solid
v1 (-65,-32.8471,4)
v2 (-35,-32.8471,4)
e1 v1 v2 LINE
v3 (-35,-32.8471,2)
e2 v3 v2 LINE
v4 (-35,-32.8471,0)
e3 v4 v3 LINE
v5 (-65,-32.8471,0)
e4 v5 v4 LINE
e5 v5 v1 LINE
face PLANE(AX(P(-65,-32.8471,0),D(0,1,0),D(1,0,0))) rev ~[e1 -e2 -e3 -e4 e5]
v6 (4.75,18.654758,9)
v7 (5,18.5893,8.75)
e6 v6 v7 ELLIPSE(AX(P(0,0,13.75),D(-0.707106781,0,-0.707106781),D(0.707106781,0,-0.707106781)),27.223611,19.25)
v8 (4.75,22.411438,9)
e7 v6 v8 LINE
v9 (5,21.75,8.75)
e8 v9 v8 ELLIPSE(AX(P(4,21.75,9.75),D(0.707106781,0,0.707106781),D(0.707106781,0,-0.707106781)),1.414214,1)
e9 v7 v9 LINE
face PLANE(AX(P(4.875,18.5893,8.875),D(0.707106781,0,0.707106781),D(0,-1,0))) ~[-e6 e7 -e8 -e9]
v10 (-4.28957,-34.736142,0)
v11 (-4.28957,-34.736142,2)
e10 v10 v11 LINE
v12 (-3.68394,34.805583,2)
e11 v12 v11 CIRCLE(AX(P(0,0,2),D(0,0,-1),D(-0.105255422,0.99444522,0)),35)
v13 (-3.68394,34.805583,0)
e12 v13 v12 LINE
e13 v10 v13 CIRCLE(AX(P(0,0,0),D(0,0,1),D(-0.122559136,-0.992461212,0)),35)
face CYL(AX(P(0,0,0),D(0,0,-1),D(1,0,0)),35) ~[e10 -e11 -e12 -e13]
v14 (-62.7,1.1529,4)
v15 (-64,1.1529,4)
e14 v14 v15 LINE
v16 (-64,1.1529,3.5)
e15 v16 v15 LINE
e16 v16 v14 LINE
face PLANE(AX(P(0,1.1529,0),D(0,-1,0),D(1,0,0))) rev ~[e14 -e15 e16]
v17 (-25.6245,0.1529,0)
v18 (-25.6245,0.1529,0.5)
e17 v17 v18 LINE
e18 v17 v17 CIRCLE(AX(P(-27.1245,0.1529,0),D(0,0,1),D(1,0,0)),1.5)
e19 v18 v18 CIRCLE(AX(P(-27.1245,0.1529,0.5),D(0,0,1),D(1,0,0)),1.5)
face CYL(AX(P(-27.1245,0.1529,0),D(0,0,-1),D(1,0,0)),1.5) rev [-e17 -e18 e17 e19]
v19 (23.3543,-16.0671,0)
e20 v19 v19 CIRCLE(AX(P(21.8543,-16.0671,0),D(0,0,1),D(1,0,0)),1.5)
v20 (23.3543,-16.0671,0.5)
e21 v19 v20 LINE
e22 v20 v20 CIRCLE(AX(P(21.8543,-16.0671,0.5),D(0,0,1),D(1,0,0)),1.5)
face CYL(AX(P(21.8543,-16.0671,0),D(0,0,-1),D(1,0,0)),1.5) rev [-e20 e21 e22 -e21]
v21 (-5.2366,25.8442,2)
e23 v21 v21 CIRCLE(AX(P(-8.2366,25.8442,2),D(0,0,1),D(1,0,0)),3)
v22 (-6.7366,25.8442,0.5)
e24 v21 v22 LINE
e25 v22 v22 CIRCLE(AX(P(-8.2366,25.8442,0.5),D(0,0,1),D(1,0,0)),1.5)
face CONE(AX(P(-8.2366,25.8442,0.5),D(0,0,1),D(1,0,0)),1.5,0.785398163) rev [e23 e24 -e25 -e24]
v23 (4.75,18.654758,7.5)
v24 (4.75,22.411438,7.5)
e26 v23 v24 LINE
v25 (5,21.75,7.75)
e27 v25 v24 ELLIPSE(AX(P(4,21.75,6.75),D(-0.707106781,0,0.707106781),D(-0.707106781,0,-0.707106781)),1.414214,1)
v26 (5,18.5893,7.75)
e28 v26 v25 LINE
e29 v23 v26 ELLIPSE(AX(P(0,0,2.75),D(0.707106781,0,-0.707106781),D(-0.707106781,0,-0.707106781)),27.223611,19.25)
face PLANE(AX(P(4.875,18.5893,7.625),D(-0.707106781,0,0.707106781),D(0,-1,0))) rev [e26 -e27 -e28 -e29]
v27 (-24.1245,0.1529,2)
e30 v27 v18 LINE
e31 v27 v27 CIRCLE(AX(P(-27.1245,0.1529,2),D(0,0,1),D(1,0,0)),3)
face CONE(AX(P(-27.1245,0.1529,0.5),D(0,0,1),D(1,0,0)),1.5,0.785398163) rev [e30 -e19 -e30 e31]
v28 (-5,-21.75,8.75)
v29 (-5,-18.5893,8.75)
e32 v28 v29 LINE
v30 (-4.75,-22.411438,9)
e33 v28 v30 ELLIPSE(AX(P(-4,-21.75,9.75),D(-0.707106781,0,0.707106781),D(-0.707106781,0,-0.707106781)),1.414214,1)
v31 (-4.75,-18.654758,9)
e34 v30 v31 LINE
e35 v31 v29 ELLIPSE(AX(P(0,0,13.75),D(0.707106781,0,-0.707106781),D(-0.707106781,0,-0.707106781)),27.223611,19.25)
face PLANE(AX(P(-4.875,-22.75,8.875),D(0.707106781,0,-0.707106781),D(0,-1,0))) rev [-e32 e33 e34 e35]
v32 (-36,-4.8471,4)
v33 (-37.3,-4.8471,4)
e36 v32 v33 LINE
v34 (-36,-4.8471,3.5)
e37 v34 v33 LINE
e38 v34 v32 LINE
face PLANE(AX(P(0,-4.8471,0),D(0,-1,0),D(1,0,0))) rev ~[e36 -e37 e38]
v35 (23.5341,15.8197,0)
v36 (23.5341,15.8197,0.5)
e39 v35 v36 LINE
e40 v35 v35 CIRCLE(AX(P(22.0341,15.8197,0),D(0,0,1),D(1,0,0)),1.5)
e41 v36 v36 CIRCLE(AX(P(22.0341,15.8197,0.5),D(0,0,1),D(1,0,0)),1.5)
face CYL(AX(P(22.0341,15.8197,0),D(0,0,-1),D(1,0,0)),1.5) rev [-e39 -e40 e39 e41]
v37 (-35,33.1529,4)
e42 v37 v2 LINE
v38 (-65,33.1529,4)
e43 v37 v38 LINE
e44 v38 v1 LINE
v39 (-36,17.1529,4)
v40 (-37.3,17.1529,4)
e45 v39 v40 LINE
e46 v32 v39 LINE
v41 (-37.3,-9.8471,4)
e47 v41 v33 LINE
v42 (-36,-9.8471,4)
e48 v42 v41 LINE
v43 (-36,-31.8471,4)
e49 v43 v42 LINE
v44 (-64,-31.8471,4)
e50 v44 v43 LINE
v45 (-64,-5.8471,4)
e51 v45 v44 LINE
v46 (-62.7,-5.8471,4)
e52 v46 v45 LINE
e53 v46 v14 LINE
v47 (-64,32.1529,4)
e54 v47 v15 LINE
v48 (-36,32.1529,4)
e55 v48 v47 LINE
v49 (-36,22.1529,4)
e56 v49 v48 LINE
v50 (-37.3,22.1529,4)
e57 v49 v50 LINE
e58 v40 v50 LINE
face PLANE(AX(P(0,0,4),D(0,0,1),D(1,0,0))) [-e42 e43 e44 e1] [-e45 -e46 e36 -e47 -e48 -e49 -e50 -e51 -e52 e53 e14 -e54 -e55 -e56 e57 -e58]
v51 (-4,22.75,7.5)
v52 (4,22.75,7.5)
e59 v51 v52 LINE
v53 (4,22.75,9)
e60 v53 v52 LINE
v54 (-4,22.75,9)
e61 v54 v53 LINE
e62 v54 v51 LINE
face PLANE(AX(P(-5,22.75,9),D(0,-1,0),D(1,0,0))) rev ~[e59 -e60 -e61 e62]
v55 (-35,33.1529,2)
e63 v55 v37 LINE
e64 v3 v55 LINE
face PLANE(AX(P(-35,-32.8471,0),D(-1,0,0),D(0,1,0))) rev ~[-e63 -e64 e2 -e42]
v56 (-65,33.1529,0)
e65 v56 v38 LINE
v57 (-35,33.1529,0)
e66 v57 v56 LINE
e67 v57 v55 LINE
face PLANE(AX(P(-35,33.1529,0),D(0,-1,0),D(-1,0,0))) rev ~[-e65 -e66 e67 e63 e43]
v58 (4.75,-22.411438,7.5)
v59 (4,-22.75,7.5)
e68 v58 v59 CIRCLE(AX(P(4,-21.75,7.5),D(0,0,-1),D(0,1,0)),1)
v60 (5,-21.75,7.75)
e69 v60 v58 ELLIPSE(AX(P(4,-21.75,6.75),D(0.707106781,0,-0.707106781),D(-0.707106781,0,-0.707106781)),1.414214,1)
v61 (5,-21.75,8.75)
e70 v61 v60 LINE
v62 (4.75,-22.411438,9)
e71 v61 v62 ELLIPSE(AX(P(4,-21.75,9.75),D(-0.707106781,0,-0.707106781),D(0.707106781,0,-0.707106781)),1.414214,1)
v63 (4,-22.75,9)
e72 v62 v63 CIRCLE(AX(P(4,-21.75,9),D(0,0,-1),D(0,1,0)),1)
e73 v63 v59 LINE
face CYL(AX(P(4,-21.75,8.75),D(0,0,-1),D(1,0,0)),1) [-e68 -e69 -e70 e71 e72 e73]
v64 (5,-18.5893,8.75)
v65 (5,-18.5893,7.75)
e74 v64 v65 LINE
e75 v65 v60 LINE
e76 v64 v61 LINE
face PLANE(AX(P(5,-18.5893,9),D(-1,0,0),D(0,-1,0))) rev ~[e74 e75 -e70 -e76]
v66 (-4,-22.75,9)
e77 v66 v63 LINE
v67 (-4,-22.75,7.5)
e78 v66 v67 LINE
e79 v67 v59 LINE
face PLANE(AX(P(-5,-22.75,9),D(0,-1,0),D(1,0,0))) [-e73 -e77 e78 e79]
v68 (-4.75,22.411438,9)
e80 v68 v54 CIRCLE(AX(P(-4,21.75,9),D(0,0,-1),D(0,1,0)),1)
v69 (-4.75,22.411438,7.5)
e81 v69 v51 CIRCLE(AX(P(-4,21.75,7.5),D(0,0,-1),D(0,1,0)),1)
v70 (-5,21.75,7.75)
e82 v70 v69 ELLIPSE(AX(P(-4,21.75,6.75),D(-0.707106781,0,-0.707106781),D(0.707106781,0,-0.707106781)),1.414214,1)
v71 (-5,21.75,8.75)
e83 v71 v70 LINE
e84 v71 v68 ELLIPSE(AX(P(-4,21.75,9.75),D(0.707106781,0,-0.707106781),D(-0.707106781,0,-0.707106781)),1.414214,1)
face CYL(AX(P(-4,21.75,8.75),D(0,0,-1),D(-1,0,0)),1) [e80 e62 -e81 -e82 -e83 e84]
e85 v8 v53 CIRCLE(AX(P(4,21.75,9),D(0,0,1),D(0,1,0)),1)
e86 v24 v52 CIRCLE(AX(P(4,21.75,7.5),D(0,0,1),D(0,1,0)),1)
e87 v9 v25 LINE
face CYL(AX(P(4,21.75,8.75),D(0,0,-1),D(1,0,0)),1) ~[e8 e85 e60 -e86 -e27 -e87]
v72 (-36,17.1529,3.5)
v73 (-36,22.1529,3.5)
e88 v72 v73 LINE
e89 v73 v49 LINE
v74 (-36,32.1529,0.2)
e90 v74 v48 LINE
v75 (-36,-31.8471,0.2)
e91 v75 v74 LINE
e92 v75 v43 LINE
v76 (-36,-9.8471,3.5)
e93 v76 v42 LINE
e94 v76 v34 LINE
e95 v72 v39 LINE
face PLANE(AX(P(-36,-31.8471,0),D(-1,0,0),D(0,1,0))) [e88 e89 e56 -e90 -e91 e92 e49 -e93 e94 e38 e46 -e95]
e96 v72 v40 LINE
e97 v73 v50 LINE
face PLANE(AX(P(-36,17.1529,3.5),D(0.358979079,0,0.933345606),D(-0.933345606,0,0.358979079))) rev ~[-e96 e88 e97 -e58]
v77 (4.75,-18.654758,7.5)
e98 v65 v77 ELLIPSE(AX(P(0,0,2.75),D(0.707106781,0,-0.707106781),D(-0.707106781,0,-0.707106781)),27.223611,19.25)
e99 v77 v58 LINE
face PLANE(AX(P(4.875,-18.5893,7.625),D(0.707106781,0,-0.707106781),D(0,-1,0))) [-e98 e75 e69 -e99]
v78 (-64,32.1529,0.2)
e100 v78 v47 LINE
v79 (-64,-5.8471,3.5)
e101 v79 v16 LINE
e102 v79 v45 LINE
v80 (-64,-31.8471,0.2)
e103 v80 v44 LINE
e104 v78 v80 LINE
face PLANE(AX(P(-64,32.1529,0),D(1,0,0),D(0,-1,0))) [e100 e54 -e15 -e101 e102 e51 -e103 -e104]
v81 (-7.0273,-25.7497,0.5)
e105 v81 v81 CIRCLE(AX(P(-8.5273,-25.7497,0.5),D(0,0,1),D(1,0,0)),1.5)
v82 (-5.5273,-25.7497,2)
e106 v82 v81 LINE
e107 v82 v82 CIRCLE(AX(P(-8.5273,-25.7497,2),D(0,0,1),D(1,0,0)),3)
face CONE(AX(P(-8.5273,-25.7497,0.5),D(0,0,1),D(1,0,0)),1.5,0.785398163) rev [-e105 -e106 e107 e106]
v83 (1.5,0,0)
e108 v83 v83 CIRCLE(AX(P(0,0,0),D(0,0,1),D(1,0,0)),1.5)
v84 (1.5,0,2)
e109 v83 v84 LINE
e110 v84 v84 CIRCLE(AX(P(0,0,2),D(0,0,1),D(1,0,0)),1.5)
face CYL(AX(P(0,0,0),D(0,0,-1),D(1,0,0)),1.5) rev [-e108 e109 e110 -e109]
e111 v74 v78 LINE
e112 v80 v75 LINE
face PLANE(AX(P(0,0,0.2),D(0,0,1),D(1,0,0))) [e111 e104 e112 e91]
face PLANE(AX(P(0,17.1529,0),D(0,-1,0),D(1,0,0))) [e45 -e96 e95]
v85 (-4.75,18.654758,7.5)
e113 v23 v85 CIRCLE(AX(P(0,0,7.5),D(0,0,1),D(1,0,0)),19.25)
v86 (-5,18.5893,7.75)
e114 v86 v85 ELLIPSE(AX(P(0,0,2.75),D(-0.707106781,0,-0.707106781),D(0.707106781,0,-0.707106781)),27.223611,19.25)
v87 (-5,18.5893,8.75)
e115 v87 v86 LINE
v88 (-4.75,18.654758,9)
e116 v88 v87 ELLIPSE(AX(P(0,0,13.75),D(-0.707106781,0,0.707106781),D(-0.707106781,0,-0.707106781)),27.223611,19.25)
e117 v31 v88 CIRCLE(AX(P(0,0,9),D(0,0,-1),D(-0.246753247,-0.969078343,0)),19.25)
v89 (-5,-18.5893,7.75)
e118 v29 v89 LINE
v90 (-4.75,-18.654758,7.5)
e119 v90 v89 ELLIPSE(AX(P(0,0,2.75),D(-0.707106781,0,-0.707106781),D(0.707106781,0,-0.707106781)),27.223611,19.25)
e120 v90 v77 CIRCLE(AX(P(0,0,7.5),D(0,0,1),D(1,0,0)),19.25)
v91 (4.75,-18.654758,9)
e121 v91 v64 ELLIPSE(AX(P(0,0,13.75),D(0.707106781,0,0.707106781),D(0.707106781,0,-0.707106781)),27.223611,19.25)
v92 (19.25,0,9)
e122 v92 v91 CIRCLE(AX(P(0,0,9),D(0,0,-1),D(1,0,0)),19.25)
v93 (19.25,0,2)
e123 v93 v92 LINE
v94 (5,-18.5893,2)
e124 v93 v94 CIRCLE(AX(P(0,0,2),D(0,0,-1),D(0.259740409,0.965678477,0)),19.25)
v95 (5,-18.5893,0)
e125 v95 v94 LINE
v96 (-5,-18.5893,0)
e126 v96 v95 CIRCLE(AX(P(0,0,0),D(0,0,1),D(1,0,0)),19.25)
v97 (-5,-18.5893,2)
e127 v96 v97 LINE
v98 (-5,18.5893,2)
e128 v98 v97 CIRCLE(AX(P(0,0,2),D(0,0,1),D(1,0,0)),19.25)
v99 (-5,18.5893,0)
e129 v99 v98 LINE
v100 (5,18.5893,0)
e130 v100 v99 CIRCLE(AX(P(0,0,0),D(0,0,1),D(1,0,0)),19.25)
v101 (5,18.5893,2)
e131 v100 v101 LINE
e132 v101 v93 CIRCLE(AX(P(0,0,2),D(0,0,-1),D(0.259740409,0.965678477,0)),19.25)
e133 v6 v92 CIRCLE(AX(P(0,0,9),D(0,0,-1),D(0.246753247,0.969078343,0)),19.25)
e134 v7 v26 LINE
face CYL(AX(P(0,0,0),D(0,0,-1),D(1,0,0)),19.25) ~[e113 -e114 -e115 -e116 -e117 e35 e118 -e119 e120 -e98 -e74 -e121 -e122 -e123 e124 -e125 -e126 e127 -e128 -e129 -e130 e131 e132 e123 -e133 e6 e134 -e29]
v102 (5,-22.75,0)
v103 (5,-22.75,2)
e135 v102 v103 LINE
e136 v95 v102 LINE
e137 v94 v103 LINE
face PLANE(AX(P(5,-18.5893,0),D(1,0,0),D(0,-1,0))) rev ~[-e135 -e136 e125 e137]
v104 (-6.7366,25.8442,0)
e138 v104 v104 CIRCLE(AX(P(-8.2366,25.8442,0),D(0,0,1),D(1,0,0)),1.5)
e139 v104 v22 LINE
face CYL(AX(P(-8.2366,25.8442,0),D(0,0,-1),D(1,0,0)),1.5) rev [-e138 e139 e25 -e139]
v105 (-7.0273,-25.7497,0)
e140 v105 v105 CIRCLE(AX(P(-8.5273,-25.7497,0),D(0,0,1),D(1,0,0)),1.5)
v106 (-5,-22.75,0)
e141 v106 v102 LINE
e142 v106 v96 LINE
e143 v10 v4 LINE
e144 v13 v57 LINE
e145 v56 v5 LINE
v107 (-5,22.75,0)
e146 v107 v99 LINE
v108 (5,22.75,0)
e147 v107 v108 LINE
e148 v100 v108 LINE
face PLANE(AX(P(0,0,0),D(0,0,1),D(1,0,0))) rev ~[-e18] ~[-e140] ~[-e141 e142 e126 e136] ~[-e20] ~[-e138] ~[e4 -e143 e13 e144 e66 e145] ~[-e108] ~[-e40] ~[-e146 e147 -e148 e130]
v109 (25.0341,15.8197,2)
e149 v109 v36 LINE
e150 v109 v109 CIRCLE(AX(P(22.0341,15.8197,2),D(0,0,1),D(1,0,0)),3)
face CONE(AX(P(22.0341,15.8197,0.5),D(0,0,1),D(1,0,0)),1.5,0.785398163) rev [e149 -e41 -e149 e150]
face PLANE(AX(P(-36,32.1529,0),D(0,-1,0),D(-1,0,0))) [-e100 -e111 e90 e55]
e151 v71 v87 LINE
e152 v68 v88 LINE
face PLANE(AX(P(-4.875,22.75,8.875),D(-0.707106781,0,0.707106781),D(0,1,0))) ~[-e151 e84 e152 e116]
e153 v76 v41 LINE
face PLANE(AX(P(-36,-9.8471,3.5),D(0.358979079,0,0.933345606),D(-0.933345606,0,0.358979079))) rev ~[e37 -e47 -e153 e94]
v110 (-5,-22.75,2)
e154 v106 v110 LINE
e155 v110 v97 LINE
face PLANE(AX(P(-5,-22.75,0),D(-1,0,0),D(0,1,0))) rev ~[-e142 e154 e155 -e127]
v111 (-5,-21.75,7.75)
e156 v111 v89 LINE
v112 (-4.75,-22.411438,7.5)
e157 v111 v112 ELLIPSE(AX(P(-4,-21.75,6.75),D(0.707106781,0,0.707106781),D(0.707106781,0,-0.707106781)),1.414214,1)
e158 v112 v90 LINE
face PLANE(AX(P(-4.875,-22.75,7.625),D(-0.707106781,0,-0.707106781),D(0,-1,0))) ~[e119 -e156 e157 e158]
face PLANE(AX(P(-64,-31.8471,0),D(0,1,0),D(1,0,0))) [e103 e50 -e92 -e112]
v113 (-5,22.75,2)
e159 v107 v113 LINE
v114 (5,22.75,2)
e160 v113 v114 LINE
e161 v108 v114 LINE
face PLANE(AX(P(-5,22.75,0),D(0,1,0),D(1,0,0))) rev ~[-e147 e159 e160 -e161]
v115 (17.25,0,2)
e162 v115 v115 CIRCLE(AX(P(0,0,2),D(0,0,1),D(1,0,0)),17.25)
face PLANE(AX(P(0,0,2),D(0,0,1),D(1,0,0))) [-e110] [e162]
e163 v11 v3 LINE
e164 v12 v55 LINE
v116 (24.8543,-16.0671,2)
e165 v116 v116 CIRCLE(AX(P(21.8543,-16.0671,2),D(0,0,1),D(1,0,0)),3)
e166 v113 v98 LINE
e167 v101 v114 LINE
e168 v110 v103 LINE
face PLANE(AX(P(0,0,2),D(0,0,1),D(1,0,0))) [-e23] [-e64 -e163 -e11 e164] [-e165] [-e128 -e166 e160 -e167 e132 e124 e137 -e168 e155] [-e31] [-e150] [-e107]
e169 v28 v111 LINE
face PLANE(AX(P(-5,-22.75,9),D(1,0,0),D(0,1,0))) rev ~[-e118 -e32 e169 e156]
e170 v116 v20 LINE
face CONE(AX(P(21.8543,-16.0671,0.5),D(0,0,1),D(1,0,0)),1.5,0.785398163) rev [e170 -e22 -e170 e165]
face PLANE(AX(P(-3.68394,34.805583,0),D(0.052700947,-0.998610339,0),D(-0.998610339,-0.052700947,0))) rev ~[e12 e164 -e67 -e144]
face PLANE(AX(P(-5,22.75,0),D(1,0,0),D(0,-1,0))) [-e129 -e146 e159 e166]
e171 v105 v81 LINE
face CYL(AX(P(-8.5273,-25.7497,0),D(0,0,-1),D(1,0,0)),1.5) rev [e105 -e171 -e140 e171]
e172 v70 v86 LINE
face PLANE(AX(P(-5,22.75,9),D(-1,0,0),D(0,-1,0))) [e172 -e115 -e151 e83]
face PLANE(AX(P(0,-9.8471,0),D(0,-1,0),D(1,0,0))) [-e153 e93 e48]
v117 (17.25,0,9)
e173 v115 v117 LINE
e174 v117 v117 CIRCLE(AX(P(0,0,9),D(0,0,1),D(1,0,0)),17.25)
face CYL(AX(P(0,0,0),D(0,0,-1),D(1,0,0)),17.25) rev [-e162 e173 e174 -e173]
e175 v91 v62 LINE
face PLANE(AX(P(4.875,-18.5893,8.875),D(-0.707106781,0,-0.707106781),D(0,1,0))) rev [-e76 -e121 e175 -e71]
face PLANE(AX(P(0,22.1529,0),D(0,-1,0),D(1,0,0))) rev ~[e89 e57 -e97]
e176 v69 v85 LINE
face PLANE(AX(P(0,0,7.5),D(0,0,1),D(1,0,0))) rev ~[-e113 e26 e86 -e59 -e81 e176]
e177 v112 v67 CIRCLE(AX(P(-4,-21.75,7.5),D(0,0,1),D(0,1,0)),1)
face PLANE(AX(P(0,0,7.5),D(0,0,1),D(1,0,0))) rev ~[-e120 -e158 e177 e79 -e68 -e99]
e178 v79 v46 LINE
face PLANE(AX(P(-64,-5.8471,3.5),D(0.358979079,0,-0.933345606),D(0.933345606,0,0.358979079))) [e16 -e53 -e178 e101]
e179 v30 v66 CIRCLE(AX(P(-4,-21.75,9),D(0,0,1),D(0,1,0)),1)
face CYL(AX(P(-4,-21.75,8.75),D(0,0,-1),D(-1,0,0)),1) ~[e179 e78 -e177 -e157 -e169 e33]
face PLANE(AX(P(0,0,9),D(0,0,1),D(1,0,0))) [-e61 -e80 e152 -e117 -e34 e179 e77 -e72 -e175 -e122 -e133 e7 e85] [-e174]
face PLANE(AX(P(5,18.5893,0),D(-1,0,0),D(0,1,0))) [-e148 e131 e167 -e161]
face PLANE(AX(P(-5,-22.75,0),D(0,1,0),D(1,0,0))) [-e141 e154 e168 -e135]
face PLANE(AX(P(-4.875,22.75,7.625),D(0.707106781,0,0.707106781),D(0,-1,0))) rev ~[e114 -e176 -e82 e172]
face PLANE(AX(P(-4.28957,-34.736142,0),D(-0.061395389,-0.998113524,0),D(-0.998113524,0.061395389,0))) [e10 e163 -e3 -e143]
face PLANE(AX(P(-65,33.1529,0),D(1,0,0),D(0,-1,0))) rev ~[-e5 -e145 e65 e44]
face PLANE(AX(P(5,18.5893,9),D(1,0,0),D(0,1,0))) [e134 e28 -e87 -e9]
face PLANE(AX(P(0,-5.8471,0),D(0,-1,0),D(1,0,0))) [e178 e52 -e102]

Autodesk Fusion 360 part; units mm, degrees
sketch "Sketch1" plane through (0, 0, 0) normal (0, 0, 1) x (1, 0, 0)
  circle A0 centre (0, 0) radius 17.25
  circle A1 centre (0, 0) radius 19.25
  line L0 (0, 19.25) -> (5, 19.25) construction
  line L1 (5, 19.25) -> (-5, 19.25) construction
  line L2 (-5, 19.25) -> (-5, 22.75) construction
  line L3 (-5, 22.75) -> (5, 22.75) construction
  line L4 (5, 22.75) -> (5, 19.25) construction
  line L5 (-5, 22.75) -> (-5, 18.5893)
  line L6 (-5, 22.75) -> (5, 22.75)
  line L7 (5, 18.5893) -> (5, 22.75)
  line L8 (0, 0) -> (17.25, 0) construction
  line L9 (-5, -22.75) -> (-5, -18.5893)
  line L10 (-5, -22.75) -> (5, -22.75)
  line L11 (5, -18.5893) -> (5, -22.75)
  circle A2 centre (0, 0) radius 1.5
  circle A3 centre (0, 0) radius 35
  line L12 (-19.2494, 0.1529) -> (-34.9997, 0.1529) construction
  circle A4 centre (-27.1245, 0.1529) radius 1.5
  circle A5 centre (-8.5273, -25.7497) radius 1.5
  circle A6 centre (21.8543, -16.0671) radius 1.5
  circle A7 centre (22.0341, 15.8197) radius 1.5
  circle A8 centre (-8.2366, 25.8442) radius 1.5
  line L13 (-34.9997, 0.1529) -> (-36, 0.1529) construction
  line L14 (-36, 0.1529) -> (-36, 32.1529) construction
  line L15 (-36, 32.1529) -> (-64, 32.1529)
  line L16 (-64, 32.1529) -> (-64, -31.8471)
  line L17 (-64, -31.8471) -> (-36, -31.8471)
  line L18 (-36, -31.8471) -> (-36, 32.1529)
  line L19 (-65, 33.1529) -> (-65, -32.8471)
  line L20 (-65, -32.8471) -> (-35, -32.8471)
  line L21 (-35, -32.8471) -> (-35, 33.1529)
  line L22 (-35, 33.1529) -> (-65, 33.1529)
  line L23 (0, -35) -> (-35, -32.8471)
  line L24 (0, 35) -> (-35, 33.1529)
  dimension "d1" = 34.5
  dimension "d2" = 2
  dimension "d3" = 5
  dimension "d4" = 10
  dimension "d5" = 3.5
  dimension "d6" = 3
  dimension "d17" = 70
  dimension "d18" = 3
  dimension "d20" = 360
  dimension "d24" = 32
  dimension "d25" = 28
  dimension "d26" = 64
  dimension "d27" = 1
extrude "Extrude1" add sketch "Sketch1" along normal blind 9 contours A1
extrude "Extrude2" add sketch "Sketch1" along normal blind 2 contours A0 | A3 L23 L24 | A3 L24 | A3 L23 | A3 L21 L24 | A3 L21 L23
extrude "Extrude3" add sketch "Sketch1" against normal blind 1.5 from surface at 9 contours A1 L5 L6 L7 | A1 L9 L10 L11
chamfer "Chamfer1" distance 0.25 angle 45 4 edges at (-5, 20.6697, 9) (5, 20.6697, 9) (5, -20.6697, 9) (-5, -20.6697, 9)
chamfer "Chamfer2" distance 0.25 angle 45 4 edges at (5, -20.6697, 7.5) (-5, -20.6697, 7.5) (-5, 20.6697, 7.5) (5, 20.6697, 7.5)
chamfer "Chamfer4" distance 1.5 angle 45 5 edges at (-28.523, 0.6953, 2) (20.6356, 16.3621, 2) (20.4559, -15.5247, 2) (-9.9258, -25.2073, 2) (-9.635, 26.3866, 2)
fillet "Fillet1" radius 1 4 edges at (5, 22.75, 8.25) (-5, 22.75, 8.25) (-5, -22.75, 8.25) (5, -22.75, 8.25)
extrude "Extrude4" add sketch "Sketch1" along normal blind 4 contours L19 L20 L21 L22
sketch "Sketch2" plane through (0, -32.8471, 0) normal (0, -1, 0) x (1, 0, 0)
  line L0 (-65, 0) -> (-35, 0)
  line L1 (-35, 0) -> (-35, 2)
  line L2 (-35, 2) -> (-35, 4)
  line L3 (-35, 4) -> (-65, 4)
  line L4 (-65, 4) -> (-65, 0)
  line L5 (-35, 4) -> (-35, 0) construction
  line L6 (-36, 3.5) -> (-37.3, 4)
  line L7 (-37.3, 4) -> (-36, 4)
  line L8 (-36, 3.5) -> (-36, 4)
  line L9 (-64, 3.5) -> (-62.7, 4)
  line L10 (-62.7, 4) -> (-64, 4)
  line L11 (-64, 3.5) -> (-64, 4)
extrude "Extrude5" add sketch "Sketch2" against normal blind 7 from surface at -27 contours L3 L9 L10 L11
extrude "Extrude6" add sketch "Sketch2" against normal blind 5 from surface at -23 contours L3 L6 L7 L8
extrude "Extrude8" add sketch "Sketch1" along normal blind 0.2 contours L15 L16 L17 L18
extrude "Extrude9" add sketch "Sketch2" against normal blind 5 from surface at -50 contours L3 L6 L7 L8
